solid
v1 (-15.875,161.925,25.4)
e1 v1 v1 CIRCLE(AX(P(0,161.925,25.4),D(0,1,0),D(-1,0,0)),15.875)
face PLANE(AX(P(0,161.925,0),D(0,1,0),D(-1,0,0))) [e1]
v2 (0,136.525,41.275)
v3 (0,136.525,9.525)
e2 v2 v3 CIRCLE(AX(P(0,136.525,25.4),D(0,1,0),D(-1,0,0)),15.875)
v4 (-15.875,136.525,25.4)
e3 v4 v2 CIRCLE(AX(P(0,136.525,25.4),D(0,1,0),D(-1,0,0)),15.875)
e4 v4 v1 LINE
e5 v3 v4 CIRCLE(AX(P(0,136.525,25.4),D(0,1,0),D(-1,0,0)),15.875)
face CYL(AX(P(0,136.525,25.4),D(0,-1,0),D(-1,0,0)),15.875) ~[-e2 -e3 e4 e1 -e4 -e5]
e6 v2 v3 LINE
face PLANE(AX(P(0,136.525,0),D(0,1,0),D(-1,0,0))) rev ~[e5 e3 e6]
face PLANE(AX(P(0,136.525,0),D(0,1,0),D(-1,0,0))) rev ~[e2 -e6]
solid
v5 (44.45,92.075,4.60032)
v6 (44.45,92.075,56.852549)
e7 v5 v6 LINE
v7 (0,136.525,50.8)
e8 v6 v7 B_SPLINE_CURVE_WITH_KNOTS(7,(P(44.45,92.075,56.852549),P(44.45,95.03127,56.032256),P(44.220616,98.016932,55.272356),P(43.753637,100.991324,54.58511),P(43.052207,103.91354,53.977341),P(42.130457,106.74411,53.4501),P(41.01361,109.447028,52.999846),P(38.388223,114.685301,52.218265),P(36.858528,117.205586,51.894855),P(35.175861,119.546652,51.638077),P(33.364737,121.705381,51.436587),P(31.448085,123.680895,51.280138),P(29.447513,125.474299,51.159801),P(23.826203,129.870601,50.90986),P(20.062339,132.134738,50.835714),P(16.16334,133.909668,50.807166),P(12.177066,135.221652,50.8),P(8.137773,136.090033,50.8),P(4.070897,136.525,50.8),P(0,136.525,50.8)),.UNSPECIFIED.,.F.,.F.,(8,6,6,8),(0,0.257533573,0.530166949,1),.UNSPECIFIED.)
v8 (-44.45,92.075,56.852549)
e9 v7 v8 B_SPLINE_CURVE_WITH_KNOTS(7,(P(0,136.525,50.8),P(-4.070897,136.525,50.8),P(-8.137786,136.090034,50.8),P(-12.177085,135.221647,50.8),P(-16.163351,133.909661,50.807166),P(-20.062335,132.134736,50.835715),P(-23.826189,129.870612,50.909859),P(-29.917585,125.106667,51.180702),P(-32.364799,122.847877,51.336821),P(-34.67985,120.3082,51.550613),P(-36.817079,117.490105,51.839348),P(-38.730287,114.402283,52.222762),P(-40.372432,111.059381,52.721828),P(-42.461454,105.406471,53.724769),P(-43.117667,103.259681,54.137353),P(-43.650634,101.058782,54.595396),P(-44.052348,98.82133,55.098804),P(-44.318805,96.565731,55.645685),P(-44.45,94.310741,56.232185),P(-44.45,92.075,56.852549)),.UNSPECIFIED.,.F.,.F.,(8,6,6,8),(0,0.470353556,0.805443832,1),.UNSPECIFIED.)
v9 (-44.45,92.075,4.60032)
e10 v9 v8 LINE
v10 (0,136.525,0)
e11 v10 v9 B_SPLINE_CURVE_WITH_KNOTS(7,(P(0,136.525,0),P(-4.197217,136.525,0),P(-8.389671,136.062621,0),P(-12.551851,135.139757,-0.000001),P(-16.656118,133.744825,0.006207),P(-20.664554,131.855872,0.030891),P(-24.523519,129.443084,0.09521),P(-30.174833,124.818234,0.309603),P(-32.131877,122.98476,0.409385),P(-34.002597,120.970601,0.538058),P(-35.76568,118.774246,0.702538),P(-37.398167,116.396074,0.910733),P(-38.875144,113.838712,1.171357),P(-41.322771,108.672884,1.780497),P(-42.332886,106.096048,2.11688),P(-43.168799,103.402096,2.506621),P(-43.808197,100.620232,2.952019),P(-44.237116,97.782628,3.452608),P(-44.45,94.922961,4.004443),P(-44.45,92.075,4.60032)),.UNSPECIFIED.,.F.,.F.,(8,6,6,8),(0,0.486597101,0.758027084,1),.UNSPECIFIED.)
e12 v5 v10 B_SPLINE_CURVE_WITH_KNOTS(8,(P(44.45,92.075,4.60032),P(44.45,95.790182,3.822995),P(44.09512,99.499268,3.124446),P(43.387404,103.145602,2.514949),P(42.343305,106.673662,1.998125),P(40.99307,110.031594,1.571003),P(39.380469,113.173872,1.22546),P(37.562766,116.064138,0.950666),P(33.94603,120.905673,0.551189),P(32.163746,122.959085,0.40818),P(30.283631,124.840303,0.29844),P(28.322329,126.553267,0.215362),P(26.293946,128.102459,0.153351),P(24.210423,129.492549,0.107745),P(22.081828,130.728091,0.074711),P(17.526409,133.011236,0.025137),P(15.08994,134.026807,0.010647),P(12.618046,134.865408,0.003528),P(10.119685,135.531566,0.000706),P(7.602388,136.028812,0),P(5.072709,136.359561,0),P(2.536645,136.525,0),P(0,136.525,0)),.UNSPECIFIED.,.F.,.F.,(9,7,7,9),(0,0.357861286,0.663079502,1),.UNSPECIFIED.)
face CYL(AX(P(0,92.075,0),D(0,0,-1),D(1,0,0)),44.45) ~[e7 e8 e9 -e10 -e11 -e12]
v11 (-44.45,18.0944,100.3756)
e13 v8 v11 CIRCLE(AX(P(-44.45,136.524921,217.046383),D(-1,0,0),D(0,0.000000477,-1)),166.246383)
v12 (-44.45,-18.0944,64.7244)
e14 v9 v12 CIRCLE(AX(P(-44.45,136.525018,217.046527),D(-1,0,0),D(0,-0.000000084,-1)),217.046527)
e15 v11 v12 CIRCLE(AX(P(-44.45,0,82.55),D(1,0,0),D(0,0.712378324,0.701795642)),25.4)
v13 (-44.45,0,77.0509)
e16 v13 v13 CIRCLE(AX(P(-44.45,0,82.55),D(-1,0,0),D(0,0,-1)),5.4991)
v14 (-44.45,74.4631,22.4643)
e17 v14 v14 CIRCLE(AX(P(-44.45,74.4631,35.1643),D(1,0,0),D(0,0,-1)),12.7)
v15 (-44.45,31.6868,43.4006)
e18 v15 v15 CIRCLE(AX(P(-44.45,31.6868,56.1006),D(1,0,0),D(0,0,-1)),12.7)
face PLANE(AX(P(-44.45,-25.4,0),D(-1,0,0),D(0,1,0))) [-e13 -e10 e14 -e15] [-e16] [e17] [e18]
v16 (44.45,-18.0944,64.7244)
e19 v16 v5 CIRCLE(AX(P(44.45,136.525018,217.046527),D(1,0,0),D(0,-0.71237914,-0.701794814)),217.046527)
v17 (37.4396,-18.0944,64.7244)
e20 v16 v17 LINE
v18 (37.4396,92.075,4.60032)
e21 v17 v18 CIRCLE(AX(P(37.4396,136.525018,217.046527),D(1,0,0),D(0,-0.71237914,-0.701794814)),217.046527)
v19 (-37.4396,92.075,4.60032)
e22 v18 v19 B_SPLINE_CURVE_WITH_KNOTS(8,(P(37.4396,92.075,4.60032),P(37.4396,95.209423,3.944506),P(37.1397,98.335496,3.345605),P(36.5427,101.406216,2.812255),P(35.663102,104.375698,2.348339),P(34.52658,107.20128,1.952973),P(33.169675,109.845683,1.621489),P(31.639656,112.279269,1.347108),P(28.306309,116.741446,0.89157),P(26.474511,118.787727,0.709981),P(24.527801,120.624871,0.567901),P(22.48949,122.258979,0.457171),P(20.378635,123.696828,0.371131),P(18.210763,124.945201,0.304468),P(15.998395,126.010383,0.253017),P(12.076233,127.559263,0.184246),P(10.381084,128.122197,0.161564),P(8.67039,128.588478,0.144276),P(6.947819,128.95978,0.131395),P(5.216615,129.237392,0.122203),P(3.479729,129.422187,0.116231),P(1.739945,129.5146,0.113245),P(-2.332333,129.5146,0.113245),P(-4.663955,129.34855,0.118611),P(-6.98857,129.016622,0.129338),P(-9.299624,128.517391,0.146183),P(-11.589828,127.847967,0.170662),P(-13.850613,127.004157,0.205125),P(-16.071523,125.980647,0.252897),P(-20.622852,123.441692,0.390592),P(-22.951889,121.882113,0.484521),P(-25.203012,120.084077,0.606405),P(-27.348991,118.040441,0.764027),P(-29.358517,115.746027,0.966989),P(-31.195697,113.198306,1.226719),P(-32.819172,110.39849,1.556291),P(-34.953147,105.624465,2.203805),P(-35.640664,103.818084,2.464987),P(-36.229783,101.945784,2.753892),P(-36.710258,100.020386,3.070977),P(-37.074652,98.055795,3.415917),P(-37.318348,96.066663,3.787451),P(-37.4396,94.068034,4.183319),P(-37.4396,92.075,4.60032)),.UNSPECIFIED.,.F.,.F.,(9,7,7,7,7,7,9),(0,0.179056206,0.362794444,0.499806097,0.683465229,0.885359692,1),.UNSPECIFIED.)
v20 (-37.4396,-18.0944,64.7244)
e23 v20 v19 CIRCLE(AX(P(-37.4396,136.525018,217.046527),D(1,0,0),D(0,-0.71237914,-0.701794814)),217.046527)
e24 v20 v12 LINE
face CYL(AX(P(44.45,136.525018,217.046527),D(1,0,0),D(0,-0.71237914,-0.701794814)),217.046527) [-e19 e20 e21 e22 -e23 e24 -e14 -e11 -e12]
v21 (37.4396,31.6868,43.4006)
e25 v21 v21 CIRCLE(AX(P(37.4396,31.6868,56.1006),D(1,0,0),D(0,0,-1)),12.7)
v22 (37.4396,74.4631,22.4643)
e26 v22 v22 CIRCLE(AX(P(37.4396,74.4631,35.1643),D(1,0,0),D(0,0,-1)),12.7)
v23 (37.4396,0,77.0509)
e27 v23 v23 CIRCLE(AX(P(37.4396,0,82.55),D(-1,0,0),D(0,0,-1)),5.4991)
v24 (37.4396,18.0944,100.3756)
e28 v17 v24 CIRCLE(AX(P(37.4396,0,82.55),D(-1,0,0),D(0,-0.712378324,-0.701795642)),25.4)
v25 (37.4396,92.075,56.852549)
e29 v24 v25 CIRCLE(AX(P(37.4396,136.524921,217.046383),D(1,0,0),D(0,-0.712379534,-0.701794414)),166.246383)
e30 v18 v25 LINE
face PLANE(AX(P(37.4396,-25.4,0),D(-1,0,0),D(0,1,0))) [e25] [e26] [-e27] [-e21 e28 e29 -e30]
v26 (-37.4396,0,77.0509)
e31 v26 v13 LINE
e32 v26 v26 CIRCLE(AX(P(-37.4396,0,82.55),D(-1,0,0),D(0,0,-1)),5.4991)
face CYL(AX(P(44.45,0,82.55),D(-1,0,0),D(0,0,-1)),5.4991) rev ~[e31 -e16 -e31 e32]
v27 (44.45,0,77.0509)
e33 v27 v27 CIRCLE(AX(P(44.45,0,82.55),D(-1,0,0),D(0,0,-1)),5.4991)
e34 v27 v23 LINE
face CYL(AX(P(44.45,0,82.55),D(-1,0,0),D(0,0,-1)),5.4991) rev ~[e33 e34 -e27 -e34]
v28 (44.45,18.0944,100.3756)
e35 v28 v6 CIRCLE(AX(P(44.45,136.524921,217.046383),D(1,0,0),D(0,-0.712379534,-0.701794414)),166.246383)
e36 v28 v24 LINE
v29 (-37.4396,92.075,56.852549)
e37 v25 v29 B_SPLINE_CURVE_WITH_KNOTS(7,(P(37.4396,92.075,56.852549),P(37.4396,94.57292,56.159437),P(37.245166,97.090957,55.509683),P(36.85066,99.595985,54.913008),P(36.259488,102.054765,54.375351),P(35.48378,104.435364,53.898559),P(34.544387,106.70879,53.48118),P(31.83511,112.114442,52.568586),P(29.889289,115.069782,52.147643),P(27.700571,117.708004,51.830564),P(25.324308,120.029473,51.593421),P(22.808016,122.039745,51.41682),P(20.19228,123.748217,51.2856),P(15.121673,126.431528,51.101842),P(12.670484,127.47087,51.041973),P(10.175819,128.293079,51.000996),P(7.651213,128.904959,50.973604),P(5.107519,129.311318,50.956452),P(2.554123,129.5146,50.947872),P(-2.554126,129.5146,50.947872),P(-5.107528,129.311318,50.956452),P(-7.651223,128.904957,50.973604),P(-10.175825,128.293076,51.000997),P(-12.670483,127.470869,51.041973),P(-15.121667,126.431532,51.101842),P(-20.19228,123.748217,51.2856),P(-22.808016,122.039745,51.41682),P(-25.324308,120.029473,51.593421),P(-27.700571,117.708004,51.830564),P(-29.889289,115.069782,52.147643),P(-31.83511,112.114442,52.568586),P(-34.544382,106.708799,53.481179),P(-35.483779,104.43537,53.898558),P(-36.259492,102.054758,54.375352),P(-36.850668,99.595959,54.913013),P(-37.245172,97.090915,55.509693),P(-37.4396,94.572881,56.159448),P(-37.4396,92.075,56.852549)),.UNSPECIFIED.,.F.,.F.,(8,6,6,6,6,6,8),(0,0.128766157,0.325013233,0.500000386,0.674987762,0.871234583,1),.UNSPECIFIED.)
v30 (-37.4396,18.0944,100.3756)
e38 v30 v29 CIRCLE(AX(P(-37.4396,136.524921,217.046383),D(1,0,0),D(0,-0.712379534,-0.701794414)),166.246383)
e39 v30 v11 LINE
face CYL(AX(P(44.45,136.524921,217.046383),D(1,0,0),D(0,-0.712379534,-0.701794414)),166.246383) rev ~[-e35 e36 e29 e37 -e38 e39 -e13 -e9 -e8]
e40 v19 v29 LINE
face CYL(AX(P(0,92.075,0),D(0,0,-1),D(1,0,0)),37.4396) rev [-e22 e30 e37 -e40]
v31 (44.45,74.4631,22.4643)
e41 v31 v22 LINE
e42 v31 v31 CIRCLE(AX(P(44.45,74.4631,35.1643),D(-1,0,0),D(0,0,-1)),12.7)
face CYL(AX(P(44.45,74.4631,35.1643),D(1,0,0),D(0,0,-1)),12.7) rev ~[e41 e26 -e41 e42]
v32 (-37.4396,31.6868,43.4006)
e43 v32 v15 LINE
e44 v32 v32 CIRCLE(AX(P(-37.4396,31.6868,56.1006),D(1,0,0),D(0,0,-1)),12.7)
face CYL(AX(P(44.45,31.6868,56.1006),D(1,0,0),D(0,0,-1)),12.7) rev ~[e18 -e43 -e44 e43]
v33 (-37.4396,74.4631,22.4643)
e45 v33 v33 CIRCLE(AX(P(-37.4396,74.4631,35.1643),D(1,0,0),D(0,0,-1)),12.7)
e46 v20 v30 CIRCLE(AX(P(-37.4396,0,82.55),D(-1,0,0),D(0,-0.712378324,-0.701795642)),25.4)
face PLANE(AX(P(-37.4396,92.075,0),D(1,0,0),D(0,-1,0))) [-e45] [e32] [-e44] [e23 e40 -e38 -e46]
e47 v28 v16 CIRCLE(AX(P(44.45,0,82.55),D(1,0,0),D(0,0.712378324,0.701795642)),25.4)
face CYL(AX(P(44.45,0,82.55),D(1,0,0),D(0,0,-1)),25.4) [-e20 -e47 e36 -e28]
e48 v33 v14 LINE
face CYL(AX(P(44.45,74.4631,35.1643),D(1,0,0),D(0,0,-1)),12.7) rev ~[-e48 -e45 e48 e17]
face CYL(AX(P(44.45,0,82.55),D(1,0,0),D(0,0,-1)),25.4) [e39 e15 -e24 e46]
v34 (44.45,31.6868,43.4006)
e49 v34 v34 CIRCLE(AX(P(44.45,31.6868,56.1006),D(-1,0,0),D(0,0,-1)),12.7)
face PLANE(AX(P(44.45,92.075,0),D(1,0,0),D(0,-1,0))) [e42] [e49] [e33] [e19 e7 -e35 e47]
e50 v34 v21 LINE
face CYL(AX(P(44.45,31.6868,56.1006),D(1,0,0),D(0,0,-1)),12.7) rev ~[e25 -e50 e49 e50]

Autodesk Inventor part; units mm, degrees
ref_plane "YZ Plane" through (0, 0, 0) normal (1, 0, 0) x (0, 1, 0)
ref_plane "XY Plane" through (0, 0, 0) normal (0, 0, 1) x (1, 0, 0)
sketch "Sketch1" plane through (0, 0, 0) normal (0, 0, 1) x (1, 0, 0)
  line L0 (-37.4396, -25.4) -> (-44.45, -25.4)
  line L1 (-44.45, -25.4) -> (-44.45, 92.075)
  line L2 (-44.45, 92.075) -> (-37.4396, 92.075)
  line L3 (-37.4396, 92.075) -> (-37.4396, -25.4)
  line L4 (44.45, -25.4) -> (37.4396, -25.4)
  line L5 (37.4396, -25.4) -> (37.4396, 92.075)
  line L6 (37.4396, 92.075) -> (44.45, 92.075)
  line L7 (44.45, 92.075) -> (44.45, -25.4)
  arc A0 (37.4396, 92.075) -> (-37.4396, 92.075) centre (0, 92.075) ccw
  arc A1 (44.45, 92.075) -> (-44.45, 92.075) centre (0, 92.075) ccw
  line L8 (0, 136.525) -> (-29.2204, 136.525)
  point P0 (0, 0)
  dimension "d0" = 161.925
  dimension "d1" = 7.0104
  dimension "d2" = 88.9
  dimension "d3" = 25.4
extrude "Extrusion1" add sketch "Sketch1" along normal blind 107.95
sketch "Sketch2" plane through (44.45, -25.4, 0) normal (1, 0, 0) x (0, 0, -1)
  line L0 (-107.95, 117.475) -> (-107.95, 0) projected
  line L1 (0, 0) -> (-107.95, 0) projected
  line L2 (0, 0) -> (0, 117.475) projected
  line L3 (0, 117.475) -> (-107.95, 117.475) projected
  circle A0 centre (-82.55, 25.4) radius 25.4
  arc A1 (-64.7244, 7.3056) -> (0, 161.925) centre (-217.0465, 161.925) ccw
  arc A2 (-100.3756, 43.4944) -> (-50.8, 161.925) centre (-217.0465, 161.925) ccw
  line L4 (0, 161.925) -> (-50.8, 161.925)
  circle A3 centre (-56.1006, 57.0868) radius 12.7
  circle A4 centre (-35.1643, 99.8631) radius 12.7
  arc A5 (-82.55, 25.4) -> (-25.4, 161.925) centre (-210.7426, 159.2862) ccw
  point P0 (0, 25.4)
  dimension "d7" = 50.8
  dimension "d8" = 161.925
  dimension "d9" = 25.4
  dimension "d10" = 47.625
  dimension "d11" = 41.275
  dimension "d12" = 185.3614
extrude "Extrusion2" cut sketch "Sketch2" against normal through all contours A0 | A2 L4 A5 L3 | L3 A5 A4 A3 A0 A2 | A5 L4 A1 L3 | L3 A1 A0 A5 A3 A4 keep common part
hole "Hole1" at (44.45, 0, 82.55) direction (-1, 0, 0) diameter 10.9982 end through all clearance for "Flat Head Machine Screw" size "M10" standard "Ansi Metric M Profile"
ref_plane "Work Plane1" through (0, 136.525, 0) normal (0, 1, 0) x (-1, 0, 0)
sketch "Sketch3" plane through (0, 136.525, 0) normal (0, 1, 0) x (-1, 0, 0)
  circle A0 centre (0, 25.4) radius 15.875
  point P0 (0, 0)
  dimension "d24" = 25.4
  dimension "d25" = 31.75
extrude "Extrusion3" add sketch "Sketch3" along normal blind 25.4
properties part number "caster"
